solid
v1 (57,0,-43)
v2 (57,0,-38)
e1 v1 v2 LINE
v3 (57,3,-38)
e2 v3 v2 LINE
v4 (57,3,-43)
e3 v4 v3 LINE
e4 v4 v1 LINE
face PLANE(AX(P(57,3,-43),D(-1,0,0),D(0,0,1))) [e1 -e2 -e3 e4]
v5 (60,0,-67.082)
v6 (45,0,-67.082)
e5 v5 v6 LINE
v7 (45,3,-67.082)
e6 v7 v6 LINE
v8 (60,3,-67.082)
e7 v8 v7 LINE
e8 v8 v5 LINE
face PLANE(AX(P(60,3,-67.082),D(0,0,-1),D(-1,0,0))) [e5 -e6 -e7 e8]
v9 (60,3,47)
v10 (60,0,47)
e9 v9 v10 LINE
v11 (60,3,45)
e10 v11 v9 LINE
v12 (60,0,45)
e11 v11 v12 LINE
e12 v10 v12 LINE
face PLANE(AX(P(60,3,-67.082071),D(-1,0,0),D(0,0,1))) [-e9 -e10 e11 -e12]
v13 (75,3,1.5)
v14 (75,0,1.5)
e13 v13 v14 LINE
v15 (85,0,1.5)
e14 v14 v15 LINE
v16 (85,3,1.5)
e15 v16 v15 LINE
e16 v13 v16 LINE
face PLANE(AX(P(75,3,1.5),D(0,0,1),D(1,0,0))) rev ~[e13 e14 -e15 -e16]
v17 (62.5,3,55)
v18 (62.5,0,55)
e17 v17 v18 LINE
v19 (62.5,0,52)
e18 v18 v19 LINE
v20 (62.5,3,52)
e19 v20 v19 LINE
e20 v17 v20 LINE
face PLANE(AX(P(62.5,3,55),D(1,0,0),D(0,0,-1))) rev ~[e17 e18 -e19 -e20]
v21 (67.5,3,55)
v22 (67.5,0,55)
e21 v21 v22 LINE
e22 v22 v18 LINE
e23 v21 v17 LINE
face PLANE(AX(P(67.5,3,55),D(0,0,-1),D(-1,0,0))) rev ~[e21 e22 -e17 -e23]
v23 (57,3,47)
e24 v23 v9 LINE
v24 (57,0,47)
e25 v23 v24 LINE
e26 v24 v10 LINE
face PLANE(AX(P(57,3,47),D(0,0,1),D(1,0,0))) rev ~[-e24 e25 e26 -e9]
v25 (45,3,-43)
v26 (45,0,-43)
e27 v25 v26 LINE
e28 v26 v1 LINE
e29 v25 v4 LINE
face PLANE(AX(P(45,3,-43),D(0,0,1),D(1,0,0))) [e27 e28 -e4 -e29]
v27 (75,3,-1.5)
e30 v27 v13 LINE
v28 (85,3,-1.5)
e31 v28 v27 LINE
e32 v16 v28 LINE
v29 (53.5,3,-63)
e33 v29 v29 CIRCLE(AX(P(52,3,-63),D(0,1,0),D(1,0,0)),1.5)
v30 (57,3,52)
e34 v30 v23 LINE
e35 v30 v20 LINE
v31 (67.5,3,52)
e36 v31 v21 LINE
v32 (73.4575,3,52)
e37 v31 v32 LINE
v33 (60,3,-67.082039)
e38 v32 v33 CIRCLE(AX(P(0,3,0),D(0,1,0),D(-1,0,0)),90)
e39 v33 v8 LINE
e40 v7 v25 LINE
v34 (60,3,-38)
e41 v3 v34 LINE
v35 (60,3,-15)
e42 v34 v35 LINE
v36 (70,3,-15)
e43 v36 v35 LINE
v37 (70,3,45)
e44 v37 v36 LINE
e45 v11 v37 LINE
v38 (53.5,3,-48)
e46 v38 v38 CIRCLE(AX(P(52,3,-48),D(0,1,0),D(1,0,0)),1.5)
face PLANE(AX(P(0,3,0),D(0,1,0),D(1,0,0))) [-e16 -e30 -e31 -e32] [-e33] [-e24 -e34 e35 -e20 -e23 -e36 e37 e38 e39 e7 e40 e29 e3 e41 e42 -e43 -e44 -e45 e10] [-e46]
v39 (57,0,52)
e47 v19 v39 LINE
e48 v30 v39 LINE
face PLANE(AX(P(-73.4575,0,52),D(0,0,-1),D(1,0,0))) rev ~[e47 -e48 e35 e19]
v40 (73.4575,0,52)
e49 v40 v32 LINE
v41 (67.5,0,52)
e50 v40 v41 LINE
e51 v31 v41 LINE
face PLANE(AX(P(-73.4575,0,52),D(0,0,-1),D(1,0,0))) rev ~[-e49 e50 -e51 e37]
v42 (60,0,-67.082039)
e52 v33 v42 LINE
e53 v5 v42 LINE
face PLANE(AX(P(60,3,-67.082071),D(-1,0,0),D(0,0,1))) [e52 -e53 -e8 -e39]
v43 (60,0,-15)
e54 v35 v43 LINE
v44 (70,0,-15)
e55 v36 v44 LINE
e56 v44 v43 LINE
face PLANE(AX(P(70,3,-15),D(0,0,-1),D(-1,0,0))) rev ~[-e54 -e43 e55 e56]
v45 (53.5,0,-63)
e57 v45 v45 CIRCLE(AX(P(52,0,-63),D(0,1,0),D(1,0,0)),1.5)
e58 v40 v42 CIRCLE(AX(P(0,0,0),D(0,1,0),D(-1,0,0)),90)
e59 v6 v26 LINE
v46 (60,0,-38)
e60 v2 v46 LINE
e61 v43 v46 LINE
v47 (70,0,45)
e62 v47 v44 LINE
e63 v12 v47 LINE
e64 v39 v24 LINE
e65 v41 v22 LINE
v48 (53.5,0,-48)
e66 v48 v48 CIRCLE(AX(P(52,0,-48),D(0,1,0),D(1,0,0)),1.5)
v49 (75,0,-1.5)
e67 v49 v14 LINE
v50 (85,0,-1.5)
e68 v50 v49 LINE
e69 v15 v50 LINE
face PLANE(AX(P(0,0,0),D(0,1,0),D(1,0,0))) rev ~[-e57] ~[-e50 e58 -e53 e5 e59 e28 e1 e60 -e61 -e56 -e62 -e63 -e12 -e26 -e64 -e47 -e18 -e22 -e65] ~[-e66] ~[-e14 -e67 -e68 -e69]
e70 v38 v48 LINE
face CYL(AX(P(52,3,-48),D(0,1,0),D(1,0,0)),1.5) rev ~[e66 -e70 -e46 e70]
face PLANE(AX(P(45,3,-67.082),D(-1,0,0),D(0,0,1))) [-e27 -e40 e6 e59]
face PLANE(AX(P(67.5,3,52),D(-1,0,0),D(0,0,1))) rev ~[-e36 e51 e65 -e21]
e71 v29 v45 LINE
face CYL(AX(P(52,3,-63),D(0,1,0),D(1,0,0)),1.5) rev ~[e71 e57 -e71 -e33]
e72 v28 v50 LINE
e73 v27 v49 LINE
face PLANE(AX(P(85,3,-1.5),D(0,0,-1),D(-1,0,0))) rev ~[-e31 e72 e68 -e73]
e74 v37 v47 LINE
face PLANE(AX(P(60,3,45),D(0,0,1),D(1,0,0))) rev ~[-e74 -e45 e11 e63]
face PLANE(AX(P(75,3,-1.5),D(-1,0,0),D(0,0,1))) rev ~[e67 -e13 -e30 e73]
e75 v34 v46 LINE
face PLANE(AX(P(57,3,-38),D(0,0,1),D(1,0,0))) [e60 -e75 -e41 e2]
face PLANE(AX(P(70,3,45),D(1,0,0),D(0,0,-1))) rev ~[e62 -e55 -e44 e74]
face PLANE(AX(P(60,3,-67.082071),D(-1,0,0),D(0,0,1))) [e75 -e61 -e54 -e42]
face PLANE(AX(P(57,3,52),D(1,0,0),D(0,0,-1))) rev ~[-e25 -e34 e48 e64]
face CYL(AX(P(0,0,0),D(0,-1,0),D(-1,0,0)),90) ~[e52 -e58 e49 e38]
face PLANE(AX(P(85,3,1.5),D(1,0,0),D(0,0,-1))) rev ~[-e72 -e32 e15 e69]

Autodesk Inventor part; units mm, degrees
ref_plane "YZ Plane" through (0, 0, 0) normal (1, 0, 0) x (0, 1, 0)
ref_plane "XZ Plane" through (0, 0, 0) normal (0, 1, 0) x (-1, 0, 0)
ref_plane "XY Plane" through (0, 0, 0) normal (0, 0, 1) x (1, 0, 0)
sketch "Sketch1" plane through (0, 0, 0) normal (0, 1, 0) x (-1, 0, 0)
  circle A0 centre (0, 0) radius 90
  line L0 (73.4575, 52) -> (-73.4575, 52)
  dimension "d0" = 180
  dimension "d1" = 52
extrude "Extrusion1" add sketch "Sketch1" along normal blind 3 contours A0 L0 picked at (17.1608, -0.9679)
sketch "Sketch2" plane through (0, 3, 0) normal (0, 1, 0) x (1, 0, 0)
  line L0 (-73.4575, -52) -> (73.4575, -52) projected
  line L1 (60, -52) -> (-90, -52)
  line L2 (-90, -52) -> (-90, 90)
  line L3 (-90, 90) -> (60, 90)
  line L4 (60, 90) -> (60, -52)
  arc A0 (73.4575, -52) -> (-73.4575, -52) centre (0, 0) ccw projected
  dimension "d4" = 60
extrude "Extrusion2" cut sketch "Sketch2" against normal blind 3 contours A0 L4 L0 | L1 L2 A0 | L2 L3 A0 | A0 L3 L4 picked at (-22.3183, 24.985)
sketch "Sketch3" plane through (0, 3, 0) normal (0, 1, 0) x (1, 0, 0)
  line L0 (60, 67.082) -> (45, 67.082)
  line L1 (45, 67.082) -> (45, 43)
  line L2 (45, 43) -> (60, 43)
  line L3 (60, 43) -> (60, 67.082)
  line L4 (60, -52) -> (73.4575, -52) projected
  line L5 (60, -52) -> (57, -52)
  line L6 (57, -52) -> (57, -47)
  line L7 (57, -47) -> (60, -47)
  line L8 (60, -47) -> (60, -52)
  point P0 (0, 0)
  dimension "d7" = 15
  dimension "d8" = 95
  dimension "d9" = 3
  dimension "d10" = 5
extrude "Extrusion3" add sketch "Sketch3" against normal blind 3
sketch "Sketch4" plane through (0, 3, 0) normal (0, 1, 0) x (1, 0, 0)
  line L0 (60, -47) -> (60, 43) projected
  line L1 (60, -45) -> (70, -45)
  line L2 (70, -45) -> (70, 15)
  line L3 (70, 15) -> (60, 15)
  line L4 (60, 15) -> (60, -45)
  line L5 (57, -52) -> (73.4575, -52) projected
  point P0 (0, 0)
  dimension "d13" = 10
  dimension "d14" = 60
  dimension "d15" = 7
extrude "Extrusion4" cut sketch "Sketch4" against normal blind 3
sketch "Sketch5" plane through (0, 3, 0) normal (0, 1, 0) x (1, 0, 0)
  line L0 (75, -1.5) -> (85, -1.5)
  line L1 (85, -1.5) -> (85, 1.5)
  line L2 (85, 1.5) -> (75, 1.5)
  line L3 (75, 1.5) -> (75, -1.5)
  line L4 (70, -45) -> (70, 15) projected
  point P0 (0, 0)
  point P1 (75, 0)
  dimension "d18" = 10
  dimension "d19" = 3
  dimension "d20" = 5
extrude "Extrusion5" cut sketch "Sketch5" against normal blind 3
sketch "Sketch6" plane through (0, 3, 0) normal (0, 1, 0) x (1, 0, 0)
  circle A0 centre (52, 48) radius 1.5
  circle A1 centre (52, 63) radius 1.5
  line L0 (60, 43) -> (60, 15) projected
  line L1 (45, 43) -> (60, 43) projected
  point P0 (0, 0)
  dimension "d23" = 3
  dimension "d24" = 3
  dimension "d25" = 15
  dimension "d26" = 8
  dimension "d27" = 5
extrude "Extrusion6" cut sketch "Sketch6" against normal blind 3
sketch "Sketch7" plane through (0, 3, 0) normal (0, 1, 0) x (1, 0, 0)
  line L0 (60, 43) -> (57, 43)
  line L1 (57, 43) -> (57, 38)
  line L2 (57, 38) -> (60, 38)
  line L3 (60, 38) -> (60, 43)
  point P0 (0, 0)
  dimension "d30" = 3
  dimension "d31" = 5
extrude "Extrusion7" add sketch "Sketch7" against normal blind 3
sketch "Sketch8" plane through (0, 3, 0) normal (0, 1, 0) x (1, 0, 0)
  line L0 (57, -52) -> (73.4575, -52) projected
  line L1 (62.5, -52) -> (67.5, -52)
  line L2 (67.5, -52) -> (67.5, -55)
  line L3 (67.5, -55) -> (62.5, -55)
  line L4 (62.5, -55) -> (62.5, -52)
  line L5 (60, -45) -> (60, -47) projected
  point P0 (0, 0)
  dimension "d34" = 5
  dimension "d35" = 3
  dimension "d36" = 2.5
extrude "Extrusion8" add sketch "Sketch8" against normal blind 3
properties part number "Out side rib"
